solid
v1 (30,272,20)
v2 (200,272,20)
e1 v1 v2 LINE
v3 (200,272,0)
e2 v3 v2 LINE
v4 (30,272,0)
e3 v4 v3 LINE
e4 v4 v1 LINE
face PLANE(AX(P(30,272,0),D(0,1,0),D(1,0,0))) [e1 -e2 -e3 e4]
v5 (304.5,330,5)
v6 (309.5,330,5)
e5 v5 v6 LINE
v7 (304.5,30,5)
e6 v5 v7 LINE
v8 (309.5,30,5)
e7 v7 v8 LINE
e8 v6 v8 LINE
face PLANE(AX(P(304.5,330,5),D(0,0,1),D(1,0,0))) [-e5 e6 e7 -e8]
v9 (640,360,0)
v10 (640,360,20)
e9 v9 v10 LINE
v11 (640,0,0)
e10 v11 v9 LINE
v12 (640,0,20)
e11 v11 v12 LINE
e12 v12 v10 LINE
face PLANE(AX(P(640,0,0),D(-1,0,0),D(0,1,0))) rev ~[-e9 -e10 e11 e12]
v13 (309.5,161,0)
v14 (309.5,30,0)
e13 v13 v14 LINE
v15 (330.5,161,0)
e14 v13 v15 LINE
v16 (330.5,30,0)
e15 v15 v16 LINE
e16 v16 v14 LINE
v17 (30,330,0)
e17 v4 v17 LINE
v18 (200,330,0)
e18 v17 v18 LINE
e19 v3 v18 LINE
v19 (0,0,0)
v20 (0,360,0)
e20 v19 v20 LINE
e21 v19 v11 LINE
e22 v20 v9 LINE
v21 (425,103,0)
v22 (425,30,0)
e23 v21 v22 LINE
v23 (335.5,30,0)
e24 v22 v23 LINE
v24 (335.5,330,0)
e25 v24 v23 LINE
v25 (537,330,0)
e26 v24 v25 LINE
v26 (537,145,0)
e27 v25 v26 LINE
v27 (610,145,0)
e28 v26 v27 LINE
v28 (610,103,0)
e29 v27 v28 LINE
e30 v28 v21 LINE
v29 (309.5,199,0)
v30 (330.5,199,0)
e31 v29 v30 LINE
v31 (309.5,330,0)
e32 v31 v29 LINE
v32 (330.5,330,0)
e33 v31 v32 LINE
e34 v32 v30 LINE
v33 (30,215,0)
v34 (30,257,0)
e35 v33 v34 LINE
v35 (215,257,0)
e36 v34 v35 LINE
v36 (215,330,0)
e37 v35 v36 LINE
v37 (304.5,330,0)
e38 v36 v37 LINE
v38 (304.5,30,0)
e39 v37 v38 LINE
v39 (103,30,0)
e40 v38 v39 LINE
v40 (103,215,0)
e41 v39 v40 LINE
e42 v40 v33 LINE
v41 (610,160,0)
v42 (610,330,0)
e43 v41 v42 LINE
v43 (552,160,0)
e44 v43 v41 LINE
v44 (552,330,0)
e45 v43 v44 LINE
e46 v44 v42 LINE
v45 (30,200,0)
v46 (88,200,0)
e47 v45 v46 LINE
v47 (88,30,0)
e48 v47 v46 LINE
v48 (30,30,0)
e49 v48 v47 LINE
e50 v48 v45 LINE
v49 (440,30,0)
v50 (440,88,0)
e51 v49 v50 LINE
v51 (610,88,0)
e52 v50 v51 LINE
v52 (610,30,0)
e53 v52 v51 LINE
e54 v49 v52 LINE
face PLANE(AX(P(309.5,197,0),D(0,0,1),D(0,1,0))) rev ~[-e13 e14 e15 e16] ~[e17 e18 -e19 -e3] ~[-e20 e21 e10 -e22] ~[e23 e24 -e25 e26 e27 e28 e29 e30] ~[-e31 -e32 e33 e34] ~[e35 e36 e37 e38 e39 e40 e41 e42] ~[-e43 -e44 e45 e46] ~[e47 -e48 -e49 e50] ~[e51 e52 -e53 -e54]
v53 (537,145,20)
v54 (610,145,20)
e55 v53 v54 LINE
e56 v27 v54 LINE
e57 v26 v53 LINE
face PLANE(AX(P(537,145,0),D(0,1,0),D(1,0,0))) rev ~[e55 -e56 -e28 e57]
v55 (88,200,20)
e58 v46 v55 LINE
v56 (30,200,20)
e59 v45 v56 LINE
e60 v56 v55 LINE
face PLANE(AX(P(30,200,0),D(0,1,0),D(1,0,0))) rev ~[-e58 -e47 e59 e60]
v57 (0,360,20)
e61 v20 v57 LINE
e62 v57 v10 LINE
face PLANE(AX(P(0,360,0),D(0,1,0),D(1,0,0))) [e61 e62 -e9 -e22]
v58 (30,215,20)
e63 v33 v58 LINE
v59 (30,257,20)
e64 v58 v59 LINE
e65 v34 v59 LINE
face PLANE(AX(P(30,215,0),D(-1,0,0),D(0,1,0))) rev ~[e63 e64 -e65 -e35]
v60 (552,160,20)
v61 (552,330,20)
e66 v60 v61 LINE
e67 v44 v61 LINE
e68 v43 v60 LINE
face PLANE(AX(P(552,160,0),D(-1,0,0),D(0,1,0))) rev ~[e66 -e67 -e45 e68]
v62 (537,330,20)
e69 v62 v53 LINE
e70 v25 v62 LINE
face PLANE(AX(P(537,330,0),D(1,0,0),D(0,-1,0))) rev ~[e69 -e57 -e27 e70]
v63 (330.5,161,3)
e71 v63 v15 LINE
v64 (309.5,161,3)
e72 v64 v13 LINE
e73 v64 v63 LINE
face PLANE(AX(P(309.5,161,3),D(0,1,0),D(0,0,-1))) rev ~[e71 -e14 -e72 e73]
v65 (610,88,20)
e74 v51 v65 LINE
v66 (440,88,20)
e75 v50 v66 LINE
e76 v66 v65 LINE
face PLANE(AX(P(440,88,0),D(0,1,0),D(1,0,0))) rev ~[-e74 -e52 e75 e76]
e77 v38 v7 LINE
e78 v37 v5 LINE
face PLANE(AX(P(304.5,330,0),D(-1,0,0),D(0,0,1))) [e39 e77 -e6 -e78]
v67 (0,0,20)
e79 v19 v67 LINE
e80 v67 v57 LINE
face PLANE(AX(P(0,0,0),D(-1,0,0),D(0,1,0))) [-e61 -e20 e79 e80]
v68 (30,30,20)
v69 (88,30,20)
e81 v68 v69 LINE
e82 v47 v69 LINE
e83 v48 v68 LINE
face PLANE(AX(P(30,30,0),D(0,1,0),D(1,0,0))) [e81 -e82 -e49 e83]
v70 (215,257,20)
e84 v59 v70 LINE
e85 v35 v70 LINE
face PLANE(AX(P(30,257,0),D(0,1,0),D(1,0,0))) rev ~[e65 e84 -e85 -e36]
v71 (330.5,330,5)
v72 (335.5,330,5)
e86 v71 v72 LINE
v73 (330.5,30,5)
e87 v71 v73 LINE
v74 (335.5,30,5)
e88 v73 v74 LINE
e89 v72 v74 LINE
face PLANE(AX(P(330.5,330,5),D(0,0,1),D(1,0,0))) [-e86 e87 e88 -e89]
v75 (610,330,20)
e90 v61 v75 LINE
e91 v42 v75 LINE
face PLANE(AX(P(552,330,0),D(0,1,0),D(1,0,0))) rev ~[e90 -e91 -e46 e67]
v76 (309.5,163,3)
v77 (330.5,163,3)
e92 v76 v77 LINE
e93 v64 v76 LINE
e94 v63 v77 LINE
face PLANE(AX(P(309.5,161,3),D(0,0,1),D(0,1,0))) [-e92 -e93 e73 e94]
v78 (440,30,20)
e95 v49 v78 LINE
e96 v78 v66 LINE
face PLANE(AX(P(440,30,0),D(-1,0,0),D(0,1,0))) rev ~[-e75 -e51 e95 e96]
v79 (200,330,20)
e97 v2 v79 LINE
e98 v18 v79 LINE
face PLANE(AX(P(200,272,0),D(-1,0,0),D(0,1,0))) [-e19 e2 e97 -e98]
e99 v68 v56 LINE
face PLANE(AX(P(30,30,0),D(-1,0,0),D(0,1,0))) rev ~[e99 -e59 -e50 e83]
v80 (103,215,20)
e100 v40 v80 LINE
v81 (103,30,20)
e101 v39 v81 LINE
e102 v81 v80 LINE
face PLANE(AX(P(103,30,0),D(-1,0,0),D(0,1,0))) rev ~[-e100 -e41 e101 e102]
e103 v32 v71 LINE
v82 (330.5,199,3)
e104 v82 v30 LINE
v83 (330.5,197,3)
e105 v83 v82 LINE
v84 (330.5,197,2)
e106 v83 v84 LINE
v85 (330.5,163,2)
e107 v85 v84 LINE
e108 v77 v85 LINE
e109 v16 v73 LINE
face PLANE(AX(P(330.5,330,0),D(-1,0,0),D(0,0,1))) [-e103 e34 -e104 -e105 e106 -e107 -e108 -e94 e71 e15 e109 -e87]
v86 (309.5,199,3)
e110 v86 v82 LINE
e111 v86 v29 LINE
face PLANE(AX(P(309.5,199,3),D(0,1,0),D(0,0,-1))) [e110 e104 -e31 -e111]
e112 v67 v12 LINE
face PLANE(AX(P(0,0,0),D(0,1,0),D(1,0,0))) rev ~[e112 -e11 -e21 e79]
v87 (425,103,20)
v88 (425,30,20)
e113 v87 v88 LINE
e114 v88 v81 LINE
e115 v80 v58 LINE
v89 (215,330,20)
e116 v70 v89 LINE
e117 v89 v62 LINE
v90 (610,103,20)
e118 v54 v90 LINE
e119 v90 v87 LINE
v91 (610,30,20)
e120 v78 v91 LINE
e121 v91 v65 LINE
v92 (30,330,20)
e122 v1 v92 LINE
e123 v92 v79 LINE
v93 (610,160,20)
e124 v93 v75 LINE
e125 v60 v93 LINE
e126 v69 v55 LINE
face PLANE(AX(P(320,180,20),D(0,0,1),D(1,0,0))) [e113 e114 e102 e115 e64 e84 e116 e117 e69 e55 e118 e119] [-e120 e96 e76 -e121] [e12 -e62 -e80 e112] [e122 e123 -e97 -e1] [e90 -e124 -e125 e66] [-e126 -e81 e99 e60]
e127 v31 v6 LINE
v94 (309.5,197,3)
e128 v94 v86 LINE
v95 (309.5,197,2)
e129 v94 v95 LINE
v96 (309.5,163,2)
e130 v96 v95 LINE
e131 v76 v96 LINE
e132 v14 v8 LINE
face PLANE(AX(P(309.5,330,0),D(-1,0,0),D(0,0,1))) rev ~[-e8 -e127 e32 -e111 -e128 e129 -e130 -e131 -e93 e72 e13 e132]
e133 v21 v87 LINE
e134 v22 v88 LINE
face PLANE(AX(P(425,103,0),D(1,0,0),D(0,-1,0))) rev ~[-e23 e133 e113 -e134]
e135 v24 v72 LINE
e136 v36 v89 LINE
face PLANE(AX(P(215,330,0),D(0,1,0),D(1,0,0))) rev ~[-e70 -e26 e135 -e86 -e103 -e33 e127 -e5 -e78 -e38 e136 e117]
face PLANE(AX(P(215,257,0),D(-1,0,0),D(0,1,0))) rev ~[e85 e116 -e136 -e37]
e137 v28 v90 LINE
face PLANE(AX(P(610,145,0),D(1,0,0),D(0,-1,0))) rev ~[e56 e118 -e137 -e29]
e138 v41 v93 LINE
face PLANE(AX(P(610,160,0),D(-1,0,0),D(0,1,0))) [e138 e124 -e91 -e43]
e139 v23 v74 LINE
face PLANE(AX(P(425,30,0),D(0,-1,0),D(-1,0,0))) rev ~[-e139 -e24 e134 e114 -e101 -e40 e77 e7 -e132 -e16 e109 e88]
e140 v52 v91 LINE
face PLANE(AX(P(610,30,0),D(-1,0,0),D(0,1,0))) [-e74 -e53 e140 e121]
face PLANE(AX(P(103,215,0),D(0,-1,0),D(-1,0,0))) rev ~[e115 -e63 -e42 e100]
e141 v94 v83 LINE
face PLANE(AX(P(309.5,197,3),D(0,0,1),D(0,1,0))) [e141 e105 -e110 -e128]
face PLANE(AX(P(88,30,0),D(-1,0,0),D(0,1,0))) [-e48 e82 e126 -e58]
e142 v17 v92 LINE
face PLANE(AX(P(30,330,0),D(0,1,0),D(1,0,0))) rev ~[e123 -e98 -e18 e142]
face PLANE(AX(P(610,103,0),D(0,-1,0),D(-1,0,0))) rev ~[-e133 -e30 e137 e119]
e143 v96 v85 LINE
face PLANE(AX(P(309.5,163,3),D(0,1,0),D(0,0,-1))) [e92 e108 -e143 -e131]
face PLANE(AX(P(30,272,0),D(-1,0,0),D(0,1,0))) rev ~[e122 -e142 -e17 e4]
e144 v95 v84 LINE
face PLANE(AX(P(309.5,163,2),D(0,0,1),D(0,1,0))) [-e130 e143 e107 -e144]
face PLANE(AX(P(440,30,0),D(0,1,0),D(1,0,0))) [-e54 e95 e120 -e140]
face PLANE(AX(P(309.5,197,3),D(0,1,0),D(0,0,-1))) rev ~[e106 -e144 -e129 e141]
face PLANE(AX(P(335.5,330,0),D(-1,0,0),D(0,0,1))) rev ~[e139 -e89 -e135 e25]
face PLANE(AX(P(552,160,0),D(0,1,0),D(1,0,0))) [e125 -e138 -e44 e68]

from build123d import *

# Parameters (mm, degrees)
ESBO_O1_W                = 640
ESBO_O1_H                = 360
ESBO_O1_W_2              = 170
ESBO_O1_H_2              = 58
ESBO_O1_W_3              = 58
ESBO_O1_H_3              = 170
RESSALTO_EXTRUS_O1_DEPTH = 20
SKETCH1_W                = 5
SKETCH1_H                = 5
BOSS_EXTRUDE1_DEPTH      = 300
SKETCH2_W                = 2
SKETCH2_H                = 34
BOSS_EXTRUDE2_DEPTH      = 21
SKETCH3_W                = 3
SKETCH3_H                = 2
BOSS_EXTRUDE3_DEPTH      = 21


with BuildPart() as part:
    # Esboço1 → Ressalto-extrusão1 (new body)
    with BuildSketch(Plane.XY):
        with Locations((320, 180)):
            Rectangle(ESBO_O1_W, ESBO_O1_H)
        Polygon((215, 330), (537, 330), (537, 160), (537, 145), (610, 145), (610, 103), (425, 103), (425, 88), (425, 30), (103, 30), (103, 215), (88, 215), (30, 215), (30, 257), (200, 257), (215, 257), align=None, mode=Mode.SUBTRACT)
        with Locations((115, 301)):
            Rectangle(ESBO_O1_W_2, ESBO_O1_H_2, mode=Mode.SUBTRACT)
        with Locations((59, 115)):
            Rectangle(ESBO_O1_W_3, ESBO_O1_H_3, mode=Mode.SUBTRACT)
        with Locations((581, 245)):
            Rectangle(ESBO_O1_W_3, ESBO_O1_H_3, mode=Mode.SUBTRACT)
        with Locations((525, 59)):
            Rectangle(ESBO_O1_W_2, ESBO_O1_H_2, mode=Mode.SUBTRACT)
    extrude(amount=RESSALTO_EXTRUS_O1_DEPTH)

    # Sketch1 → Boss-Extrude1 (add)
    with BuildSketch(Plane.XZ.offset(-330)):
        with Locations((307, 2.5)):
            Rectangle(SKETCH1_W, SKETCH1_H)
        with Locations((333, 2.5)):
            Rectangle(SKETCH1_W, SKETCH1_H)
    extrude(amount=BOSS_EXTRUDE1_DEPTH)

    # Sketch2 → Boss-Extrude2 (add)
    with BuildSketch(Plane(origin=(309.5, 0, 0), x_dir=(0, 0, -1), z_dir=(1, 0, 0))):
        with Locations((-1, 180)):
            Rectangle(SKETCH2_W, SKETCH2_H)
    extrude(amount=BOSS_EXTRUDE2_DEPTH)

    # Sketch3 → Boss-Extrude3 (add)
    with BuildSketch(Plane(origin=(309.5, 0, 0), x_dir=(0, 0, -1), z_dir=(1, 0, 0))):
        with Locations((-1.5, 198)):
            Rectangle(SKETCH3_W, SKETCH3_H)
        with Locations((-1.5, 162)):
            Rectangle(SKETCH3_W, SKETCH3_H)
    extrude(amount=BOSS_EXTRUDE3_DEPTH)


solid = part.part
